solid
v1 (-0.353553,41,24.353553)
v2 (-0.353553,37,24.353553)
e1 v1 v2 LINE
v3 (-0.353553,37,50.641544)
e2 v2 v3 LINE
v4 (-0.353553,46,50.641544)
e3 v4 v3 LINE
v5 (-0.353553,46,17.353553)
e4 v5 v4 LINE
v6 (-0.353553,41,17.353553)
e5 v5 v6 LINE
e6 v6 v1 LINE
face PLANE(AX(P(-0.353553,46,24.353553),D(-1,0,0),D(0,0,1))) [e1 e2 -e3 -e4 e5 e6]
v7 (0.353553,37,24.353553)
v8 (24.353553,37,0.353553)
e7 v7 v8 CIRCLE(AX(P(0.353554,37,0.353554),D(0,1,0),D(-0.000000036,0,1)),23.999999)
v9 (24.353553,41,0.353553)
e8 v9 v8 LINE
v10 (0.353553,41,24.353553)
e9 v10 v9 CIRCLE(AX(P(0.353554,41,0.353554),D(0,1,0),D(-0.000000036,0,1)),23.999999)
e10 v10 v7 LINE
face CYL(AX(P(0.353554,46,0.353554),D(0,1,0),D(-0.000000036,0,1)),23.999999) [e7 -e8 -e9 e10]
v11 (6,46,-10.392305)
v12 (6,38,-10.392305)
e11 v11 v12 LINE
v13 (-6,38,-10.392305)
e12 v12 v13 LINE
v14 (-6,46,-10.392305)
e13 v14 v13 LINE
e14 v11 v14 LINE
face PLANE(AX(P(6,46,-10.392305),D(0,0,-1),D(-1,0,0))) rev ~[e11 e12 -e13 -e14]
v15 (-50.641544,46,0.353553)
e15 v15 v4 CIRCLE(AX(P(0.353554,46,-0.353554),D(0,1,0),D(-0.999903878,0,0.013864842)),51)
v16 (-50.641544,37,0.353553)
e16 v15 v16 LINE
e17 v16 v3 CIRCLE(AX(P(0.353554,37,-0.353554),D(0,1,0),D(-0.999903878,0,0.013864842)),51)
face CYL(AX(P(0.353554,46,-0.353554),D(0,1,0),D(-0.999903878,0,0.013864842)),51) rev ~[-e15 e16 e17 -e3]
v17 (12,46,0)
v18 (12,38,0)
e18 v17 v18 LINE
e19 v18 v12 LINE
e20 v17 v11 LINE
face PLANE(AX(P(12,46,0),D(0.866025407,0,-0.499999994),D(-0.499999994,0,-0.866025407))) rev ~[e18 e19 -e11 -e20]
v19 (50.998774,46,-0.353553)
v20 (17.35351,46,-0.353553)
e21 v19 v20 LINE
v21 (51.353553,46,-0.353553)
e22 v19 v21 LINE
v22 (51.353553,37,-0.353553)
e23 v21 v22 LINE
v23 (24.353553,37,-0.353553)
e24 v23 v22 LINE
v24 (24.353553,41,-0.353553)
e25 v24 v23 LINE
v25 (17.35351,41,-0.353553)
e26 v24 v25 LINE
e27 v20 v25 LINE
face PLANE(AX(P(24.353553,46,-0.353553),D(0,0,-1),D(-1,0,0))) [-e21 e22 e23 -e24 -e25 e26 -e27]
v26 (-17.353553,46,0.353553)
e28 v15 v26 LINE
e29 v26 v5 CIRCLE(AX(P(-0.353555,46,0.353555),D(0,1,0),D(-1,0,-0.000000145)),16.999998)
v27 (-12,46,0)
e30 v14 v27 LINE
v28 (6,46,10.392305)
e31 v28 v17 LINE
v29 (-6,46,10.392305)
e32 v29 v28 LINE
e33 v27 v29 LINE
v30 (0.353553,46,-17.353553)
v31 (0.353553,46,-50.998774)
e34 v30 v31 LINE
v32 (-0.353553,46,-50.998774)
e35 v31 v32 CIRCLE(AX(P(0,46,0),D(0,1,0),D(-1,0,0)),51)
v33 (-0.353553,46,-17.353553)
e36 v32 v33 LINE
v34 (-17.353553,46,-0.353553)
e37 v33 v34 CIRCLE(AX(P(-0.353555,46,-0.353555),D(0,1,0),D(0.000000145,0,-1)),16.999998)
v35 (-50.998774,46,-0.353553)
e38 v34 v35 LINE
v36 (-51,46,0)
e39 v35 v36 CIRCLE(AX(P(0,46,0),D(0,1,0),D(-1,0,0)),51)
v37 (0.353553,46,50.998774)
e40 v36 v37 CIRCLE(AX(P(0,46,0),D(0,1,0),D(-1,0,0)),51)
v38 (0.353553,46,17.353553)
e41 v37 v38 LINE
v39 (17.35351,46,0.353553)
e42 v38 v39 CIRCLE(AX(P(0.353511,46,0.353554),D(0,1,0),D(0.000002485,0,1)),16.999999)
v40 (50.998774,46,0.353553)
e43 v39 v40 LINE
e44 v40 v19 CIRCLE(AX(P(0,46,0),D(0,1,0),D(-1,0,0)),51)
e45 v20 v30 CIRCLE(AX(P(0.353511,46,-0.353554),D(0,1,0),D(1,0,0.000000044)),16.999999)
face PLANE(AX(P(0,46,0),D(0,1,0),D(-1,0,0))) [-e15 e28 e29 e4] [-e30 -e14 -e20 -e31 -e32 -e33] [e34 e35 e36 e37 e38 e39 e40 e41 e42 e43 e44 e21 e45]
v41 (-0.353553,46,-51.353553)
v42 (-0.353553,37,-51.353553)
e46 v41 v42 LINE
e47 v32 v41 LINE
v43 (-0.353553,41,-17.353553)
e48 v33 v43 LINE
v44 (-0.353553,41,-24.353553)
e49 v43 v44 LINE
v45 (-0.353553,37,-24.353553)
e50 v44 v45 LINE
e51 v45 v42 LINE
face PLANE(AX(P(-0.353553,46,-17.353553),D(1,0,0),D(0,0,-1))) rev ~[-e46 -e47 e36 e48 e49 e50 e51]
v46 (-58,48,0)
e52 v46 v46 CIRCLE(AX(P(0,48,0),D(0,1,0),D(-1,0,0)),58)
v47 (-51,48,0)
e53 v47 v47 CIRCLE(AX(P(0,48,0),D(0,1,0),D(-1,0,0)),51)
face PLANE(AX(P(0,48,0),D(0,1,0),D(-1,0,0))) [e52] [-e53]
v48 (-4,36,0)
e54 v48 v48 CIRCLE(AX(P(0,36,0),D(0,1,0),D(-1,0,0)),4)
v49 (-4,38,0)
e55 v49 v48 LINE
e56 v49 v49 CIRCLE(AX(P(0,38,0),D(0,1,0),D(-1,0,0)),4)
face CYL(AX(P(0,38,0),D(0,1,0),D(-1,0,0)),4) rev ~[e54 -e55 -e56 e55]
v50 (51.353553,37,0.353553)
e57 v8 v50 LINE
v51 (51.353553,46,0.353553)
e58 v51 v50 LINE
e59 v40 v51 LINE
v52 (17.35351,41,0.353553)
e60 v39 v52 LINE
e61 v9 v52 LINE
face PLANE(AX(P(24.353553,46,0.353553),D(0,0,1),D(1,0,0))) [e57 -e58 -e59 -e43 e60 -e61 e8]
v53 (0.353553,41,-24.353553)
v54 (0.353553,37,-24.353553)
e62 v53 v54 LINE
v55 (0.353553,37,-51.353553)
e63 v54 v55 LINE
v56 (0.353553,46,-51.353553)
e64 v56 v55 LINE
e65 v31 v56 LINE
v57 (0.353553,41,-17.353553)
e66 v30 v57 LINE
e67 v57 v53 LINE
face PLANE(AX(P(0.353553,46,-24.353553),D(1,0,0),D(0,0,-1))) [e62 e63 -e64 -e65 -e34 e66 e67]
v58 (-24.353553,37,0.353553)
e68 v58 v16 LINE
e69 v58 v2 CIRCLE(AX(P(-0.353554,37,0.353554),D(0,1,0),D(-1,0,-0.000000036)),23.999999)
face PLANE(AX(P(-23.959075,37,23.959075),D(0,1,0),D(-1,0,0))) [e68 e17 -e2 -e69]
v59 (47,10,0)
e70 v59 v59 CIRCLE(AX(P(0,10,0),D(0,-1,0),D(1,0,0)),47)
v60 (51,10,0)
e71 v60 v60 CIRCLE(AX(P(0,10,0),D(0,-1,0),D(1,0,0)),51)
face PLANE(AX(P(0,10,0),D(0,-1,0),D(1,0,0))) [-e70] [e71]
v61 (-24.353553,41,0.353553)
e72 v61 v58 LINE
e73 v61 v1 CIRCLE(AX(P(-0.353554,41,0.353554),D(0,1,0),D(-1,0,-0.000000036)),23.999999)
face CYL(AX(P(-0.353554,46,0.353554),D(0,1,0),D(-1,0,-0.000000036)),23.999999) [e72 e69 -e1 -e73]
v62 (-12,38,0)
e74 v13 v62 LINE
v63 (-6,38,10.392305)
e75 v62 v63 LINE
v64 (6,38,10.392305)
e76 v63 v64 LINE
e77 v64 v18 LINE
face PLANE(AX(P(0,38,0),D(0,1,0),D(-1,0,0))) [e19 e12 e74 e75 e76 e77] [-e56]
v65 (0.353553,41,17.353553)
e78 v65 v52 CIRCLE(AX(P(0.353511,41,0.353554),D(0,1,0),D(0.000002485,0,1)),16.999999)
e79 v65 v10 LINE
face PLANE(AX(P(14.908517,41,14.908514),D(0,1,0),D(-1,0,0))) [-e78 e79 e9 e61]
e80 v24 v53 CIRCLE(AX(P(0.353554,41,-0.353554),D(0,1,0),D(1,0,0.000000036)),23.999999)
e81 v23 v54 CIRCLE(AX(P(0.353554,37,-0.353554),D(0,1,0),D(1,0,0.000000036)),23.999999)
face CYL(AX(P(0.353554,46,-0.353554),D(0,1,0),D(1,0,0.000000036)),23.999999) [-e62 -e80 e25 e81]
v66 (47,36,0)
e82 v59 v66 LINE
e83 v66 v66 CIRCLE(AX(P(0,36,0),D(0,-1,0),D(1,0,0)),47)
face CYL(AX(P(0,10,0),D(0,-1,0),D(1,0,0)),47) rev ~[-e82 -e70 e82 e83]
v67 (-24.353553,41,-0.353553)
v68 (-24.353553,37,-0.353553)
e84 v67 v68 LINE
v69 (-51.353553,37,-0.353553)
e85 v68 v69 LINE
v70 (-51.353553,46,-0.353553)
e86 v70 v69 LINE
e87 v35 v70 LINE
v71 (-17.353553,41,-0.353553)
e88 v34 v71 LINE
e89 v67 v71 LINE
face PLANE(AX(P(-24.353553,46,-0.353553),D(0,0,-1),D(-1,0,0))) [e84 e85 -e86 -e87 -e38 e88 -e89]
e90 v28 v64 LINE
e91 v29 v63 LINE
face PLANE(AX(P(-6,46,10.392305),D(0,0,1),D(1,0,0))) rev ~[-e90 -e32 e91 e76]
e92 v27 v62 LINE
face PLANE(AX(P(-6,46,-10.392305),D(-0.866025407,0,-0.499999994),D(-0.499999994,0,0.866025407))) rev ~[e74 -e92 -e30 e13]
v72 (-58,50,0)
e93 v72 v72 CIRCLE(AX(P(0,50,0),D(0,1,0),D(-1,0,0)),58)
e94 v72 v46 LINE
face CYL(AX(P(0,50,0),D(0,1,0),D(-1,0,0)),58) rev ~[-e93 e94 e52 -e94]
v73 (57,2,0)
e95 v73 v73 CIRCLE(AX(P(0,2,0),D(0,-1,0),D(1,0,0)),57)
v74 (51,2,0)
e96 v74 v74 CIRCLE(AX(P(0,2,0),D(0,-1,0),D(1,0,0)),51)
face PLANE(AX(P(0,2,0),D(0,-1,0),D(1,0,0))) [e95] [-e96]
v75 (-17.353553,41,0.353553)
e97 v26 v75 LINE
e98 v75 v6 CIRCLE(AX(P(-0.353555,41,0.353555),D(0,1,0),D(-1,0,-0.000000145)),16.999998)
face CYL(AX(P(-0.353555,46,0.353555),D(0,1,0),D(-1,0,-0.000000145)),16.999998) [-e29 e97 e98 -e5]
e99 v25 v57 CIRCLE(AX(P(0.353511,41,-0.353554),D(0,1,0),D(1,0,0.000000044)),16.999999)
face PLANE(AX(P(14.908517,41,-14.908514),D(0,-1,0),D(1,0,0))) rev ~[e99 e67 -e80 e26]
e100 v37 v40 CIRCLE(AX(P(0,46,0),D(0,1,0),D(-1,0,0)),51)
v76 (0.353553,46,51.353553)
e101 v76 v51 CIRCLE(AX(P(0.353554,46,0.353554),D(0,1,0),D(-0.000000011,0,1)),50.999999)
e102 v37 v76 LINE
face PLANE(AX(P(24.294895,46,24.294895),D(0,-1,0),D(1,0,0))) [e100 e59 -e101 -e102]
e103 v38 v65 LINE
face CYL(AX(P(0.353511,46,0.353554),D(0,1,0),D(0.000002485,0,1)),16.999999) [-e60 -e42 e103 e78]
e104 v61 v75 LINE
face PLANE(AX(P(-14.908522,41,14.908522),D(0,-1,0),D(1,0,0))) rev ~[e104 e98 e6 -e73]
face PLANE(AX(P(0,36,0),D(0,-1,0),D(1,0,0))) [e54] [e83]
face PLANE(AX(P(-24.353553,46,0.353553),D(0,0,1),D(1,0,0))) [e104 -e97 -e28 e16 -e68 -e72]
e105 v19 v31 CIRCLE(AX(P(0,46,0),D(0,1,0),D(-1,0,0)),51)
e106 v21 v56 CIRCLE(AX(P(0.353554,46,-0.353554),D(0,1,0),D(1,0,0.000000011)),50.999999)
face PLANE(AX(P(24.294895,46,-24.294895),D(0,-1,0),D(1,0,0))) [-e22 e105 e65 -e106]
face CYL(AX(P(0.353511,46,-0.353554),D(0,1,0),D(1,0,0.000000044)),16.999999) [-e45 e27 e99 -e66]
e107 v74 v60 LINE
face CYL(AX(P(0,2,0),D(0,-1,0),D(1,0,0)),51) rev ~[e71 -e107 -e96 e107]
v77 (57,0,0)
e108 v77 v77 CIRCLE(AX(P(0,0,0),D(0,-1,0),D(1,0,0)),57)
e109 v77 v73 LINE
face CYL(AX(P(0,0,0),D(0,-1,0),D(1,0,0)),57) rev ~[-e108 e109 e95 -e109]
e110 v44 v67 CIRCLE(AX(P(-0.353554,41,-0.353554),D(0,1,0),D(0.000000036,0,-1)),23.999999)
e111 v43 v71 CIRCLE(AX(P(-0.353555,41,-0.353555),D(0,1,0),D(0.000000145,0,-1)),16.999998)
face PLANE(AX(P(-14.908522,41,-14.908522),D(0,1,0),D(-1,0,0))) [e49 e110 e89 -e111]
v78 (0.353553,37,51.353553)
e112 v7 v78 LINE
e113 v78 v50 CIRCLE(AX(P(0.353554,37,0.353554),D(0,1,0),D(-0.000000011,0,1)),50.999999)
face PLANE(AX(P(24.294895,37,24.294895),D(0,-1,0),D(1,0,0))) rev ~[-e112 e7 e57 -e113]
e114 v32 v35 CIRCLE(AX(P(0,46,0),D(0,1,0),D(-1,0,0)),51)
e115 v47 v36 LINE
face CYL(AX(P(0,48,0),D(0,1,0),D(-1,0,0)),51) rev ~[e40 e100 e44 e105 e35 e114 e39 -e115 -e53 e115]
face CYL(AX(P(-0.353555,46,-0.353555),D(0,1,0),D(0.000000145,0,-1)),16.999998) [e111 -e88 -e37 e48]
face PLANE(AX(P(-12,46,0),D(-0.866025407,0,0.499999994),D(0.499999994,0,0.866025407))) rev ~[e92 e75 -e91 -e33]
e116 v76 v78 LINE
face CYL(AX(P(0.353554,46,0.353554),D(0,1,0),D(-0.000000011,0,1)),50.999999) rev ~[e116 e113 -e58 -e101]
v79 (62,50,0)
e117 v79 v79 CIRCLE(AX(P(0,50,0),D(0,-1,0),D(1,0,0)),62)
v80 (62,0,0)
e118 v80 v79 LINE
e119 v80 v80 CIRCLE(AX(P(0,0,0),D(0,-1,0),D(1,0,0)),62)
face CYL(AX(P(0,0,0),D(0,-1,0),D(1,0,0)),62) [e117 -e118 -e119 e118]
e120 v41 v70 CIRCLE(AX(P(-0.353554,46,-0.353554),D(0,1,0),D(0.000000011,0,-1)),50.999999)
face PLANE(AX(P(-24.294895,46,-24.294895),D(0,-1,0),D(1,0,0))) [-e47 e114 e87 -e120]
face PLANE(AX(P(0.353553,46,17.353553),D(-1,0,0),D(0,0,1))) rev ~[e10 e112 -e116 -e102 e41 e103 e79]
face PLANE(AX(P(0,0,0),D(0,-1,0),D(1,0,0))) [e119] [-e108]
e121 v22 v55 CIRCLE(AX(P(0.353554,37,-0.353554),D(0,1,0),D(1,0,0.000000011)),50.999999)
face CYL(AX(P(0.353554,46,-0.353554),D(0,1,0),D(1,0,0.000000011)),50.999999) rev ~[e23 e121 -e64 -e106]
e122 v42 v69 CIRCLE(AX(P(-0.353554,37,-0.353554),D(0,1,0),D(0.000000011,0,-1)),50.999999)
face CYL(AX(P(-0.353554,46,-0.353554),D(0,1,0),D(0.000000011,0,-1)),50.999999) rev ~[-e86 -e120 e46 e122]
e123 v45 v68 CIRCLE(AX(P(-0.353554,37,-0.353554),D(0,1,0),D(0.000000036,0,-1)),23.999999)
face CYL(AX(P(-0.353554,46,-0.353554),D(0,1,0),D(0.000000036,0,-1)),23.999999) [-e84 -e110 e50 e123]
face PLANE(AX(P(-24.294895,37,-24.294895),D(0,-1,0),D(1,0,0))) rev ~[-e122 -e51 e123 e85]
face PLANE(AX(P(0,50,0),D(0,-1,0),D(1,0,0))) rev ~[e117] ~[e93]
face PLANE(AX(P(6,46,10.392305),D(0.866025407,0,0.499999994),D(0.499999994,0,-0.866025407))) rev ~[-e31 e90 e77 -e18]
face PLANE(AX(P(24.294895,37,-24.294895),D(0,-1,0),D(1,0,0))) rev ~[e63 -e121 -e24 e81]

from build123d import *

# Parameters (mm, degrees)
SKETCH012_AS_DRAWN_R                 = 62
EXTRUDE005_DEPTH                     = 50
EXTRUDE005_ONTO_SKETCH012_ROLL_ANGLE = 90
SKETCH013_R                          = 57
POCKET003_DEPTH                      = 2
SKETCH014_R                          = 51
POCKET004_DEPTH                      = 8
SKETCH015_R                          = 47
POCKET005_DEPTH                      = 26
SKETCH016_R                          = 58
POCKET006_DEPTH                      = 2
SKETCH017_R                          = 51
POCKET007_DEPTH                      = 2
POCKET008_DEPTH                      = 9
POCKET009_DEPTH                      = 5
POCKET010_DEPTH                      = 8
SKETCH022_R                          = 4
POCKET011_DEPTH                      = 38.001


with BuildPart() as part:
    # Sketch012 as drawn → Extrude005 (new)
    with BuildSketch(Plane.XY):
        Circle(SKETCH012_AS_DRAWN_R)
    extrude(amount=-EXTRUDE005_DEPTH)


with BuildPart() as part_1:
    # Extrude005 onto Sketch012 roll: moved
    add(part.part.rotate(Axis((0, 0, 0), (1, 0, 0)), EXTRUDE005_ONTO_SKETCH012_ROLL_ANGLE))


with BuildPart() as part_2:
    # Extrude005 onto Sketch012 placement: moved
    add(part_1.part)

    # Sketch013 → Pocket003 (cut)
    with BuildSketch(Plane.XZ):
        Circle(SKETCH013_R)
    extrude(amount=-POCKET003_DEPTH, mode=Mode.SUBTRACT)

    # Sketch014 → Pocket004 (cut)
    with BuildSketch(Plane.XZ.offset(-2)):
        Circle(SKETCH014_R)
    extrude(amount=-POCKET004_DEPTH, mode=Mode.SUBTRACT)

    # Sketch015 → Pocket005 (cut)
    with BuildSketch(Plane.XZ.offset(-10)):
        Circle(SKETCH015_R)
    extrude(amount=-POCKET005_DEPTH, mode=Mode.SUBTRACT)

    # Sketch016 → Pocket006 (cut)
    with BuildSketch(Plane(origin=(0, 50, 0), x_dir=(-1, 0, 0), z_dir=(0, 1, 0))):
        Circle(SKETCH016_R)
    extrude(amount=-POCKET006_DEPTH, mode=Mode.SUBTRACT)

    # Sketch017 → Pocket007 (cut)
    with BuildSketch(Plane(origin=(0, 48, 0), x_dir=(-1, 0, 0), z_dir=(0, 1, 0))):
        Circle(SKETCH017_R)
    extrude(amount=-POCKET007_DEPTH, mode=Mode.SUBTRACT)

    # Sketch019 → Pocket008 (cut)
    with BuildSketch(Plane(origin=(0, 46, 0), x_dir=(-1, 0, 0), z_dir=(0, 1, 0))):
        with BuildLine():
            ThreePointArc((50.641544, 0.353553), (35.708892, 35.708892), (0.353553, 50.641544))
            Line((0.353553, 24.353553), (0.353553, 50.641544))
            ThreePointArc((24.353553, 0.353553), (17.324116, 17.324116), (0.353553, 24.353553))
            Line((24.353553, 0.353553), (50.641544, 0.353553))
        make_face()
        with BuildLine():
            ThreePointArc((0.353553, -24.353553), (17.324116, -17.324116), (24.353553, -0.353553))
            Line((24.353553, -0.353553), (51.353553, -0.353553))
            ThreePointArc((0.353553, -51.353553), (36.415999, -36.415999), (51.353553, -0.353553))
            Line((0.353553, -24.353553), (0.353553, -51.353553))
        make_face()
        with BuildLine():
            ThreePointArc((-24.353553, -0.353553), (-17.324116, -17.324116), (-0.353553, -24.353553))
            Line((-0.353553, -24.353553), (-0.353553, -51.353553))
            ThreePointArc((-51.353553, -0.353553), (-36.415999, -36.415999), (-0.353553, -51.353553))
            Line((-24.353553, -0.353553), (-51.353553, -0.353553))
        make_face()
        with BuildLine():
            ThreePointArc((-0.353553, 24.353553), (-17.324116, 17.324116), (-24.353553, 0.353553))
            Line((-24.353553, 0.353553), (-51.353553, 0.353553))
            ThreePointArc((-0.353553, 51.353553), (-36.415999, 36.415999), (-51.353553, 0.353553))
            Line((-0.353553, 24.353553), (-0.353553, 51.353553))
        make_face()
    extrude(amount=-POCKET008_DEPTH, mode=Mode.SUBTRACT)

    # Sketch020 → Pocket009 (cut)
    with BuildSketch(Plane(origin=(0, 46, 0), x_dir=(-1, 0, 0), z_dir=(0, 1, 0))):
        with BuildLine():
            Line((-24.353553, 0.353553), (-17.35351, 0.353553))
            ThreePointArc((-0.353553, 17.353553), (-12.374341, 12.374353), (-17.35351, 0.353553))
            Line((-0.353553, 17.353553), (-0.353553, 24.353553))
            Line((-0.353553, 24.353553), (-24.353553, 24.353553))
            Line((-24.353553, 24.353553), (-24.353553, 0.353553))
        make_face()
        with BuildLine():
            Line((24.353553, 0.353553), (17.353553, 0.353553))
            ThreePointArc((17.353553, 0.353553), (12.374369, 12.374369), (0.353553, 17.353553))
            Line((0.353553, 17.353553), (0.353553, 24.353553))
            Line((0.353553, 24.353553), (24.353553, 24.353553))
            Line((24.353553, 24.353553), (24.353553, 0.353553))
        make_face()
        with BuildLine():
            Line((-0.353553, -24.353553), (-24.353553, -24.353553))
            Line((-24.353553, -24.353553), (-24.353553, -0.353553))
            Line((-24.353553, -0.353553), (-17.35351, -0.353553))
            ThreePointArc((-17.35351, -0.353553), (-12.374341, -12.374353), (-0.353553, -17.353553))
            Line((-0.353553, -17.353553), (-0.353553, -24.353553))
        make_face()
        with BuildLine():
            Line((0.353553, -24.353553), (24.353553, -24.353553))
            Line((24.353553, -24.353553), (24.353553, -0.353553))
            Line((24.353553, -0.353553), (17.353553, -0.353553))
            ThreePointArc((0.353553, -17.353553), (12.374369, -12.374369), (17.353553, -0.353553))
            Line((0.353553, -17.353553), (0.353553, -24.353553))
        make_face()
    extrude(amount=-POCKET009_DEPTH, mode=Mode.SUBTRACT)

    # Sketch021 → Pocket010 (cut)
    with BuildSketch(Plane(origin=(0, 46, 0), x_dir=(-1, 0, 0), z_dir=(0, 1, 0))):
        Polygon((6, -10.392305), (12, 0), (6, 10.392305), (-6, 10.392305), (-12, 0), (-6, -10.392305), align=None)
    extrude(amount=-POCKET010_DEPTH, mode=Mode.SUBTRACT)

    # Sketch022 → Pocket011 (cut, through all)
    with BuildSketch(Plane(origin=(0, 38, 0), x_dir=(-1, 0, 0), z_dir=(0, 1, 0))):
        Circle(SKETCH022_R)
    extrude(amount=-POCKET011_DEPTH, mode=Mode.SUBTRACT)


solid = part_2.part
